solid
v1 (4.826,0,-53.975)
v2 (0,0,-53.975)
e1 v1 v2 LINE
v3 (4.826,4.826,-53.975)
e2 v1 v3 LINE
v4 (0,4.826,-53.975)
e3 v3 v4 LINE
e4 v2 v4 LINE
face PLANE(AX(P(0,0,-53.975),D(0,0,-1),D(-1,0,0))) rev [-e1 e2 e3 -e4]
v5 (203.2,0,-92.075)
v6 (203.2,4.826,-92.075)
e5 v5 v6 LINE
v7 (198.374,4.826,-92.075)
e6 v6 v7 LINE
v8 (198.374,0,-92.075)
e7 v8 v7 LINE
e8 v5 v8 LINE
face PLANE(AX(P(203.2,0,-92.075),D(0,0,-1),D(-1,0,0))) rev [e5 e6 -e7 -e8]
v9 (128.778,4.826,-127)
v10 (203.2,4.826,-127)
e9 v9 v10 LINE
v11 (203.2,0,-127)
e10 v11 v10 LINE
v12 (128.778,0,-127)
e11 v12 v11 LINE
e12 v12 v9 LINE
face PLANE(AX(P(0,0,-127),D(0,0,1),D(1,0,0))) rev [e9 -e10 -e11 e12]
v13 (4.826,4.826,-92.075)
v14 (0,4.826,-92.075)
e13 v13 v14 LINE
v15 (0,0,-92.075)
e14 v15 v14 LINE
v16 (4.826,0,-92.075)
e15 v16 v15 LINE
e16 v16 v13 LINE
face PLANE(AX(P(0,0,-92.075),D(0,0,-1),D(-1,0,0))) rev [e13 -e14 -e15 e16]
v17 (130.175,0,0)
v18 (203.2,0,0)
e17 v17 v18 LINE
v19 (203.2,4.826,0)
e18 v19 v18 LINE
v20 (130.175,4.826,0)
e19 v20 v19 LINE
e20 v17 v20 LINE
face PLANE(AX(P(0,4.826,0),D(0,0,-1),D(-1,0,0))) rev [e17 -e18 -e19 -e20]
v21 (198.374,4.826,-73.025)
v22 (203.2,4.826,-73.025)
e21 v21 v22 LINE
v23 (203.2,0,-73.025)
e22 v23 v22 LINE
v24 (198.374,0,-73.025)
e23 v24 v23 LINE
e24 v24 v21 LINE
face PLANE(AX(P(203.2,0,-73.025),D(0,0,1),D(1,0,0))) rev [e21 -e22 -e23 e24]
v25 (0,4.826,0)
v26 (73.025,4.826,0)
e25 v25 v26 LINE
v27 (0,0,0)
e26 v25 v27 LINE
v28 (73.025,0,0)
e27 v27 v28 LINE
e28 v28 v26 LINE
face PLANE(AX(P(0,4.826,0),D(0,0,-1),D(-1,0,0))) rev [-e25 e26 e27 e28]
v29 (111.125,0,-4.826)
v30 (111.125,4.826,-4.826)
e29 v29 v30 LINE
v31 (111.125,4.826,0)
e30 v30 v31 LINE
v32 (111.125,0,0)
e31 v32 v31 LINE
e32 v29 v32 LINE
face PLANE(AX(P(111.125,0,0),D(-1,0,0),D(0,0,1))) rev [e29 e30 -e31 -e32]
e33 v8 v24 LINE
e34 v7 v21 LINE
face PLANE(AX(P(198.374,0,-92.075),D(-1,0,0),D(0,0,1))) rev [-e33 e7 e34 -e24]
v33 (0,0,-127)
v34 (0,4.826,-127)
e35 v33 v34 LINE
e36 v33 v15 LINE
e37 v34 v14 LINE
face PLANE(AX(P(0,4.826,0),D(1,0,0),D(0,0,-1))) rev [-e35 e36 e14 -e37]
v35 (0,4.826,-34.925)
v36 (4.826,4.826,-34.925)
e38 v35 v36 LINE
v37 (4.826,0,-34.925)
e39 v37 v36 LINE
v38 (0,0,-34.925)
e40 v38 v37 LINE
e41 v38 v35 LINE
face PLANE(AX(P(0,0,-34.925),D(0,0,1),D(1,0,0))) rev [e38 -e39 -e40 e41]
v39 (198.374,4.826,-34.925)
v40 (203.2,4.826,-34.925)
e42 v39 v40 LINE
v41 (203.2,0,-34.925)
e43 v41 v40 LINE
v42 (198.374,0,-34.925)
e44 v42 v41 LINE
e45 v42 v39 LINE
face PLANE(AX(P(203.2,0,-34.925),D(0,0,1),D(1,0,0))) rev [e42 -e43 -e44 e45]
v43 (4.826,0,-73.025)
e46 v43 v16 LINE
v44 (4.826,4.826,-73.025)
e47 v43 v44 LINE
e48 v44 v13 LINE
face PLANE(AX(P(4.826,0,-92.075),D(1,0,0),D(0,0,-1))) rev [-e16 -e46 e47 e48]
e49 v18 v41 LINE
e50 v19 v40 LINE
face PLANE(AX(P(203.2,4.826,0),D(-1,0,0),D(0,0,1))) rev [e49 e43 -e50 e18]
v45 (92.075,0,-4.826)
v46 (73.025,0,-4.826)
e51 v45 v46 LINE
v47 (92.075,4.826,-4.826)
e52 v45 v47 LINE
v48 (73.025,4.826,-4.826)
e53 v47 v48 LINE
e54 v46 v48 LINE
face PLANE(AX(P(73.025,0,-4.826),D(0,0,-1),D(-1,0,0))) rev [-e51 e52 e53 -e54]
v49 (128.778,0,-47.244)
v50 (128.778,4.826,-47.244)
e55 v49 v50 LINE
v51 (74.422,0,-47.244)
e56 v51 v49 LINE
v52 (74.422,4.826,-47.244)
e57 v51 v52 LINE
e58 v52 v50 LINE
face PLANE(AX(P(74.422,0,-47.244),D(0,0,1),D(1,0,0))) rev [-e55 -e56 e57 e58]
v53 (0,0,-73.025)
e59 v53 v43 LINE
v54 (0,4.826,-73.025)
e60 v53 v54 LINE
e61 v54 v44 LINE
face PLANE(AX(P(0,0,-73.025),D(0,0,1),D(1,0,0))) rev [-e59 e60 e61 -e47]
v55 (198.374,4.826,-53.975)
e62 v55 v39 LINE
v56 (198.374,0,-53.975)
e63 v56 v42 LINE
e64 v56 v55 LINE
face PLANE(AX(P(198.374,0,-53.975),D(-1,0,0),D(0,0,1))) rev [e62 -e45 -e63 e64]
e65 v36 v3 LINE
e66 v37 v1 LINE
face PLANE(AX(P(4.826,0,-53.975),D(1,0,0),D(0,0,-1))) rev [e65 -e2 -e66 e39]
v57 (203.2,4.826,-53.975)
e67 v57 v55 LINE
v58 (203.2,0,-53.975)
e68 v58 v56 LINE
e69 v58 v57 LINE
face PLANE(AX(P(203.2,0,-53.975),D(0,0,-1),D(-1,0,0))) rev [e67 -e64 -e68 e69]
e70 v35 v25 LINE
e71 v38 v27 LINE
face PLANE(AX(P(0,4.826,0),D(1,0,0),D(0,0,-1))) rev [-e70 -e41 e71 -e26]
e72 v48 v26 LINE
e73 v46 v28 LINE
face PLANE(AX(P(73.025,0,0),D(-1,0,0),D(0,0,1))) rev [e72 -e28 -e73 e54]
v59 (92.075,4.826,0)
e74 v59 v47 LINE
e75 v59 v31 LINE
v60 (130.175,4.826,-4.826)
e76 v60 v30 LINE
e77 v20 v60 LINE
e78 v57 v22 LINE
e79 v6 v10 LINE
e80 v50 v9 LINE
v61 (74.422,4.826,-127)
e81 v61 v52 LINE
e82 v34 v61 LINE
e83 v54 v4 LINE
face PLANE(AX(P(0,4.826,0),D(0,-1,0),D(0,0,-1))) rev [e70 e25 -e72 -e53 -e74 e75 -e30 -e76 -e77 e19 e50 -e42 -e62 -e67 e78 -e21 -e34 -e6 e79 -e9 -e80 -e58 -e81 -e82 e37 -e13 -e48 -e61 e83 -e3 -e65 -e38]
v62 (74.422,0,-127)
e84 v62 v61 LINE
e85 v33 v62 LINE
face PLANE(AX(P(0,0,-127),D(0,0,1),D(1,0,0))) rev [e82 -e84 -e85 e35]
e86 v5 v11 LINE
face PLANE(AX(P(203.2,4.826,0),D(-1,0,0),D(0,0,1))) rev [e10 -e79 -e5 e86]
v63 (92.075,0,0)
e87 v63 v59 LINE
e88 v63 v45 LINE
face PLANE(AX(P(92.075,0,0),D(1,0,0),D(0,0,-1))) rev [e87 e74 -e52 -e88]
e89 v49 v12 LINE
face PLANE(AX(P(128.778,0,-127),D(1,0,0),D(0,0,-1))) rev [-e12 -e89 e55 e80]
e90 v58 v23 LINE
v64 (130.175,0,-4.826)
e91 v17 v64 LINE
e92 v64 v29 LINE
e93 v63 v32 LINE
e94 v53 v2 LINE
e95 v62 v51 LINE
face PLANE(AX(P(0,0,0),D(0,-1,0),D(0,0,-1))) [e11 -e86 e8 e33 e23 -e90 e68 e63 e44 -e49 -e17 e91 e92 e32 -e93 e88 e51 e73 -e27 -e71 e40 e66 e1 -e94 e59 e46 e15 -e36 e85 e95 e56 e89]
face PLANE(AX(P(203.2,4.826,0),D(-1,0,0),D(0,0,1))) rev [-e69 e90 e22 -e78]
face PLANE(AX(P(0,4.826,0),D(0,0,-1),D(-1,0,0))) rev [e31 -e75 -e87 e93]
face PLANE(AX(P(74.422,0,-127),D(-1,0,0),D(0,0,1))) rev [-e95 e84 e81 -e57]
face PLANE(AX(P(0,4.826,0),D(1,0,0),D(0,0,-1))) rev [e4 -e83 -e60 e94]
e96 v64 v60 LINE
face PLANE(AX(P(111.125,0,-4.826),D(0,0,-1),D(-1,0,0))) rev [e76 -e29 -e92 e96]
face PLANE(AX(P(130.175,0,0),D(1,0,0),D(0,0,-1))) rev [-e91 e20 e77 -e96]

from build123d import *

# Parameters (mm, degrees)
SKETCH1_W        = 203.2
SKETCH1_H        = 177.8
BASE_DEPTH       = 4.826
SKETCH5_W        = 203.2
SKETCH5_H        = 50.8
TRIM_DEPTH       = 271.048829429
SKETCH3_W        = 54.356
SKETCH3_H        = 79.756
CENTER_CUT_DEPTH = 240.67171355
SKETCH2_W        = 4.826
SKETCH2_H        = 19.05
SIDE_SLOTS_DEPTH = 240.67171355
SKETCH4_W        = 19.05
SKETCH4_H        = 4.826
REAR_SLOTS_DEPTH = 240.67171355


with BuildPart() as part:
    # Sketch1 → Base (new body)
    with BuildSketch(Plane(origin=(0, 0, 0), x_dir=(1, 0, 0), z_dir=(0, 1, 0))):
        with Locations((101.6, 88.9)):
            Rectangle(SKETCH1_W, SKETCH1_H)
    extrude(amount=BASE_DEPTH)

    # Sketch5 → Trim (cut, through all)
    with BuildSketch(Plane(origin=(0, 4.826, 0), x_dir=(1, 0, 0), z_dir=(0, 1, 0))):
        with Locations((101.6, 152.4)):
            Rectangle(SKETCH5_W, SKETCH5_H)
    extrude(amount=-TRIM_DEPTH, mode=Mode.SUBTRACT)

    # Sketch3 → Center Cut (cut, through all)
    with BuildSketch(Plane(origin=(0, 4.826, 0), x_dir=(1, 0, 0), z_dir=(0, 1, 0))):
        with Locations((101.6, 87.122)):
            Rectangle(SKETCH3_W, SKETCH3_H)
    extrude(amount=-CENTER_CUT_DEPTH, mode=Mode.SUBTRACT)

    # Sketch2 → Side Slots (cut, through all)
    with BuildSketch(Plane(origin=(0, 4.826, 0), x_dir=(1, 0, 0), z_dir=(0, 1, 0))):
        with Locations((2.413, 82.55)):
            Rectangle(SKETCH2_W, SKETCH2_H)
        with Locations((2.413, 44.45)):
            Rectangle(SKETCH2_W, SKETCH2_H)
        with Locations((200.787, 44.45)):
            Rectangle(SKETCH2_W, SKETCH2_H)
        with Locations((200.787, 82.55)):
            Rectangle(SKETCH2_W, SKETCH2_H)
    extrude(amount=-SIDE_SLOTS_DEPTH, mode=Mode.SUBTRACT)

    # Sketch4 → Rear Slots (cut, through all)
    with BuildSketch(Plane(origin=(0, 4.826, 0), x_dir=(1, 0, 0), z_dir=(0, 1, 0))):
        with Locations((82.55, 2.413)):
            Rectangle(SKETCH4_W, SKETCH4_H)
        with Locations((120.65, 2.413)):
            Rectangle(SKETCH4_W, SKETCH4_H)
    extrude(amount=-REAR_SLOTS_DEPTH, mode=Mode.SUBTRACT)


solid = part.part
